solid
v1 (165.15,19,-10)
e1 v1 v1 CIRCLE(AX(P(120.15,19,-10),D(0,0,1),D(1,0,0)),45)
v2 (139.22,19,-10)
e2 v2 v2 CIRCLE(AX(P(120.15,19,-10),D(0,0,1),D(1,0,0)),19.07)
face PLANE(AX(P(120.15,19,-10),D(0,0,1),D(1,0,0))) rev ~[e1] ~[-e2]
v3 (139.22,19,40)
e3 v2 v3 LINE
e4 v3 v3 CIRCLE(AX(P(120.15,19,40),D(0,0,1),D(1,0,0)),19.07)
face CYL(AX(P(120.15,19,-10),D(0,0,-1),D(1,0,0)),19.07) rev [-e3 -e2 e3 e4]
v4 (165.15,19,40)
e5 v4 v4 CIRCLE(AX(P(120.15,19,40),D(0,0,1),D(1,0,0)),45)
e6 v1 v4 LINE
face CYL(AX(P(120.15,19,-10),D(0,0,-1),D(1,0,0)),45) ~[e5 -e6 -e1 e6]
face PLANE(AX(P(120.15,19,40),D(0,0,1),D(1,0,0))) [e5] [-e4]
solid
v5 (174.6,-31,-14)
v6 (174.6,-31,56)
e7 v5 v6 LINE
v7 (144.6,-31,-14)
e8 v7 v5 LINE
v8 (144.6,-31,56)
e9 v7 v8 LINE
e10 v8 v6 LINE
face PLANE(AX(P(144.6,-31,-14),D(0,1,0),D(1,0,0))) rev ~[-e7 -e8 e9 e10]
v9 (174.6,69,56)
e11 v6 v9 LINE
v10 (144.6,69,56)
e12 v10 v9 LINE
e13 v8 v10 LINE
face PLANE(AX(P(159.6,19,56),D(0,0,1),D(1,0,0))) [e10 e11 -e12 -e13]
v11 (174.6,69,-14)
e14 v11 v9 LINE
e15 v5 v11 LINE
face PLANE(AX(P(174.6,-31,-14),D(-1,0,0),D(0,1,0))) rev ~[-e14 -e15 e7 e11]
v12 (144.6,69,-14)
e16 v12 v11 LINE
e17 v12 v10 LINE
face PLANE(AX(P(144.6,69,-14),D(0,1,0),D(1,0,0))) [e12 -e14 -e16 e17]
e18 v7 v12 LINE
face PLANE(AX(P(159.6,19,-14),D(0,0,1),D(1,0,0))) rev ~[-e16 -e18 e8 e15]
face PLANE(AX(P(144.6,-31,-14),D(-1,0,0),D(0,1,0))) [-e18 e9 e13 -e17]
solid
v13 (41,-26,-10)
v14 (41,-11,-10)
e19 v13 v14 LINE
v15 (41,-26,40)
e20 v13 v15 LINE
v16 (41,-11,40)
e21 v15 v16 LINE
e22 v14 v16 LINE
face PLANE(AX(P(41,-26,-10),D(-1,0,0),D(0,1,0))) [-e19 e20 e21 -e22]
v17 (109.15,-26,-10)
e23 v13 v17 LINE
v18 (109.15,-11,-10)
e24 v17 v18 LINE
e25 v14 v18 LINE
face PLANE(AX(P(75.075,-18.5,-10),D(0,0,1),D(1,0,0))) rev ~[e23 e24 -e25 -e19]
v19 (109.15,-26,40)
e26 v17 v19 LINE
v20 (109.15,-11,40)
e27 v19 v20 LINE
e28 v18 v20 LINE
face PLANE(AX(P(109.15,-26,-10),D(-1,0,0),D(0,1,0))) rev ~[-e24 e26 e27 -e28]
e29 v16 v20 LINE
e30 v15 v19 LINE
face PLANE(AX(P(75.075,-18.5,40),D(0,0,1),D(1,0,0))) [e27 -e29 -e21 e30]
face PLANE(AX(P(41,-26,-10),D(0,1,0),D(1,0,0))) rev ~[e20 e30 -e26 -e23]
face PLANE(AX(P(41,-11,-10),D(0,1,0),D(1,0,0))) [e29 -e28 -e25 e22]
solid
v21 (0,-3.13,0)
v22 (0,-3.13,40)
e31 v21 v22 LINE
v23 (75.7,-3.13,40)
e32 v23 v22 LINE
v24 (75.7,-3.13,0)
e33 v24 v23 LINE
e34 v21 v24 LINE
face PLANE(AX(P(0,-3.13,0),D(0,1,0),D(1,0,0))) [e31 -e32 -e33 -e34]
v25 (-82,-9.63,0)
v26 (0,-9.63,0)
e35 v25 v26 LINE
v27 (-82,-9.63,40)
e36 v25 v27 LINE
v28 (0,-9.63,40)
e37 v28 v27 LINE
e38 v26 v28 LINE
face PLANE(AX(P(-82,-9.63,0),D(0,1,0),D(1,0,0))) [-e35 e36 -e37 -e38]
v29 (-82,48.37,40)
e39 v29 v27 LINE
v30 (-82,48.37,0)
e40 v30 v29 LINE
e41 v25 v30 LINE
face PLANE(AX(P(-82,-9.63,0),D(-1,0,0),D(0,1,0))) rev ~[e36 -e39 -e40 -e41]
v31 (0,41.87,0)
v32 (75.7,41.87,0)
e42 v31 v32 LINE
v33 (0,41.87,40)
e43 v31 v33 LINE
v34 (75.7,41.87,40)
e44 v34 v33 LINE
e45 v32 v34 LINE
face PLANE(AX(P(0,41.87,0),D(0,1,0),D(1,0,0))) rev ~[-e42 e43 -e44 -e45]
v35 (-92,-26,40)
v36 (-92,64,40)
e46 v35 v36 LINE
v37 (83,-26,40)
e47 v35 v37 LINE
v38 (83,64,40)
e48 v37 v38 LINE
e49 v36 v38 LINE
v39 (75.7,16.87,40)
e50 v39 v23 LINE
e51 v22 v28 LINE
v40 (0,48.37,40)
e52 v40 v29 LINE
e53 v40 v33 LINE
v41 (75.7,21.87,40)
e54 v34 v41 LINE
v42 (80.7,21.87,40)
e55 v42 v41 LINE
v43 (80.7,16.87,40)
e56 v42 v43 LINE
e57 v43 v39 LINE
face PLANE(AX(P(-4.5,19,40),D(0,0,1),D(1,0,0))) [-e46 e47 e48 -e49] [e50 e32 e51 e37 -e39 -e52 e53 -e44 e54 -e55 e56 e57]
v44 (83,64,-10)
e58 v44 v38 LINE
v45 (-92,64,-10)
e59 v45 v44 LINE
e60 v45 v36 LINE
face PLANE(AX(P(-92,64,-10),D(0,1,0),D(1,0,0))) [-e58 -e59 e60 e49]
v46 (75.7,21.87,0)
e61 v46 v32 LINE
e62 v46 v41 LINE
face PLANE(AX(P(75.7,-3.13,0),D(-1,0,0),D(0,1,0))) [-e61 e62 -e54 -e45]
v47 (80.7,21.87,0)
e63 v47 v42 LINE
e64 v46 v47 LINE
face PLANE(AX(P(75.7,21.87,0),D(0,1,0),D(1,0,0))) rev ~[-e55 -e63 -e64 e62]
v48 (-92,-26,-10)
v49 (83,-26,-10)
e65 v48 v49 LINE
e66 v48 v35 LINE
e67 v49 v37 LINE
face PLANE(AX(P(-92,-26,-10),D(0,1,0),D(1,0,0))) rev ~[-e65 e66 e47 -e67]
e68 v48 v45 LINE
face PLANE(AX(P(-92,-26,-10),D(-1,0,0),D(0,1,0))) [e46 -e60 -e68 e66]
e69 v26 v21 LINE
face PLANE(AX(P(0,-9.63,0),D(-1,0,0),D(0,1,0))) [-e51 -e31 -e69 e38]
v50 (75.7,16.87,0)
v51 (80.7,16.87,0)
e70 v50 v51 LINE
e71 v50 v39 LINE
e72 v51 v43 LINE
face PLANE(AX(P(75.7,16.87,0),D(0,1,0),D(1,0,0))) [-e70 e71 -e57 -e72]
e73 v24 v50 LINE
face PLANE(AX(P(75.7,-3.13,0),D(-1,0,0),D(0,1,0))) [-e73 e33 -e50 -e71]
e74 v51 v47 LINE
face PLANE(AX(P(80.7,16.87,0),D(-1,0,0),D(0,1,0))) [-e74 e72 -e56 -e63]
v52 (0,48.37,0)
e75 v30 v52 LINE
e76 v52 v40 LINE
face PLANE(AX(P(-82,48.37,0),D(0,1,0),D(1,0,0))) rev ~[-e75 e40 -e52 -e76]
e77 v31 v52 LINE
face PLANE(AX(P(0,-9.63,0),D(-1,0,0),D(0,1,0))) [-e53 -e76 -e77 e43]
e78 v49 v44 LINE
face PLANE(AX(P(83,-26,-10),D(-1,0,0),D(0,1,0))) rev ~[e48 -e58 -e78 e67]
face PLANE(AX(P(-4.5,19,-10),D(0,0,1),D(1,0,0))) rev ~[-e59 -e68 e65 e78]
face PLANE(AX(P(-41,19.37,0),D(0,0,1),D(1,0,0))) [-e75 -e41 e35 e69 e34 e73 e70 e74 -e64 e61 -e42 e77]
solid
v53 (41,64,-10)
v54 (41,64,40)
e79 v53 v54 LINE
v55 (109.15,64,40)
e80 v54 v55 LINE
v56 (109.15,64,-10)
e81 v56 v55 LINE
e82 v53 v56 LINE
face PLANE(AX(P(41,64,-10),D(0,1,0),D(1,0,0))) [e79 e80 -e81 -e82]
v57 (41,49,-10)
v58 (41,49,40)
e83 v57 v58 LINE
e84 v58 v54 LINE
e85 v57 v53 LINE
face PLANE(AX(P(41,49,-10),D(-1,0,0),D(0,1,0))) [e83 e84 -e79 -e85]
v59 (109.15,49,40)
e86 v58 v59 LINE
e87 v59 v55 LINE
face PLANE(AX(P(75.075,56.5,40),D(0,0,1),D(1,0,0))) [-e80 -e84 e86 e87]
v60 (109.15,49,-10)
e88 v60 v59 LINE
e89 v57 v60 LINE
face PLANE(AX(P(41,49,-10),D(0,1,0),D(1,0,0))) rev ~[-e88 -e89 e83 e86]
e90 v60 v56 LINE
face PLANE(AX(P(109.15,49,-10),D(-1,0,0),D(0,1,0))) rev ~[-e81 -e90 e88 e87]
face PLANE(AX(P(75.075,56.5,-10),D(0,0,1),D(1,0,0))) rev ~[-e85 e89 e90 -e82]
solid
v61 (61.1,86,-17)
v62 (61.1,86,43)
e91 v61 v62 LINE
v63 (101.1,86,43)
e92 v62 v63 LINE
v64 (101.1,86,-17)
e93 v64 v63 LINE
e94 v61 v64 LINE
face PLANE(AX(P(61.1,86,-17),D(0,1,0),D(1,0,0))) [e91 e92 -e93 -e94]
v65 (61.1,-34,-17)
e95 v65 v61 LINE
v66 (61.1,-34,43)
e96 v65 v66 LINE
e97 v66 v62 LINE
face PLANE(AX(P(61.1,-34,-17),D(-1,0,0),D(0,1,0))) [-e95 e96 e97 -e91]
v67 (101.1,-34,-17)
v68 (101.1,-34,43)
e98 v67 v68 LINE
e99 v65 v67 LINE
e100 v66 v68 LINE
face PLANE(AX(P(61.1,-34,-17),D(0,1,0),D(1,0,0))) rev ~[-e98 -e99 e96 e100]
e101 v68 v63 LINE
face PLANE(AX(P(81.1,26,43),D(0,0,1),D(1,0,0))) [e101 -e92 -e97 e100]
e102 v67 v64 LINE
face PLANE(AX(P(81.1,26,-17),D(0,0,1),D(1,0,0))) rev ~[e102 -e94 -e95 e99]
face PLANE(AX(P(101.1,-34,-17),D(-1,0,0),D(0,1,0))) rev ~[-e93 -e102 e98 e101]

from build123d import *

# Parameters (mm, degrees)
BOX004_W         = 68.15
BOX004_H         = 15
BOX004_DEPTH     = 50
BOX005_W         = 68.15
BOX005_H         = 15
BOX005_DEPTH     = 50
BOX006_W         = 40
BOX006_H         = 120
BOX006_DEPTH     = 60
BOX008_W         = 30
BOX008_H         = 100
BOX008_DEPTH     = 70
BOX001_W         = 82
BOX001_H         = 58
BOX001_DEPTH     = 44.4
BOX007_W         = 5
BOX007_H         = 5
BOX007_DEPTH     = 44.4
SKETCH001_R      = 5
EXTRUDE001_DEPTH = 4
EXTRUDE002_DEPTH = 15
SKETCH_R         = 12.3
EXTRUDE_DEPTH    = 5
BOX_W            = 75.7
BOX_H            = 45
BOX_DEPTH        = 44.4
BOX002_W         = 175
BOX002_H         = 90
BOX002_DEPTH     = 50
TUBE_R           = 45
TUBE_R_2         = 19.07
TUBE_DEPTH       = 50


with BuildPart() as cube004:
    # Box004 → Box004 (new body)
    with BuildSketch(Plane(origin=(41, -26, -10), x_dir=(1, 0, 0), z_dir=(0, 0, 1))):
        with Locations((34.075, 7.5)):
            Rectangle(BOX004_W, BOX004_H)
    extrude(amount=BOX004_DEPTH)


with BuildPart() as cube005:
    # Box005 → Box005 (new body)
    with BuildSketch(Plane(origin=(41, 49, -10), x_dir=(1, 0, 0), z_dir=(0, 0, 1))):
        with Locations((34.075, 7.5)):
            Rectangle(BOX005_W, BOX005_H)
    extrude(amount=BOX005_DEPTH)


with BuildPart() as roundoff:
    # Box006 → Box006 (new body)
    with BuildSketch(Plane(origin=(61.1, -34, -17), x_dir=(1, 0, 0), z_dir=(0, 0, 1))):
        with Locations((20, 60)):
            Rectangle(BOX006_W, BOX006_H)
    extrude(amount=BOX006_DEPTH)


with BuildPart() as steeringshaftcutter:
    # Box008 → Box008 (new body)
    with BuildSketch(Plane(origin=(144.6, -31, -14), x_dir=(1, 0, 0), z_dir=(0, 0, 1))):
        with Locations((15, 50)):
            Rectangle(BOX008_W, BOX008_H)
    extrude(amount=BOX008_DEPTH)


with BuildPart() as motorhead:
    # Box001 → Box001 (new body)
    with BuildSketch(Plane(origin=(-82, -9.63, 0), x_dir=(1, 0, 0), z_dir=(0, 0, 1))):
        with Locations((41, 29)):
            Rectangle(BOX001_W, BOX001_H)
    extrude(amount=BOX001_DEPTH)


with BuildPart() as nubchannel:
    # Box007 → Box007 (new body)
    with BuildSketch(Plane(origin=(75.7, 16.87, 0), x_dir=(1, 0, 0), z_dir=(0, 0, 1))):
        with Locations((2.5, 2.5)):
            Rectangle(BOX007_W, BOX007_H)
    extrude(amount=BOX007_DEPTH)


with BuildPart() as motorshaftfull:
    # Sketch001 (on Face3 of Extrude) → Extrude001 (new body)
    with BuildSketch(Plane.XY.offset(49.4)):
        with Locations((-58.7, 20.37)):
            Circle(SKETCH001_R)
    extrude(amount=EXTRUDE001_DEPTH)


with BuildPart() as motorshaftd:
    # Sketch002 (on Face3 of Extrude001) → Extrude002 (new body)
    with BuildSketch(Plane.XY.offset(53.4)):
        with BuildLine():
            Line((-62.7, 23.37), (-62.7, 17.37))
            ThreePointArc((-62.7, 17.37), (-53.7, 20.37), (-62.7, 23.37))
        make_face()
    extrude(amount=EXTRUDE002_DEPTH)


with BuildPart() as motorshaftassembly:
    # Sketch (on Face6 of Box001) → Extrude (new body)
    with BuildSketch(Plane(origin=(-82, -9.63, 44.4), x_dir=(1, 0, 0), z_dir=(0, 0, 1))):
        with Locations((23.3, 30)):
            Circle(SKETCH_R)
    extrude(amount=EXTRUDE_DEPTH)

    # Fusion: union MotorShaftFull, MotorShaftD
    add(motorshaftfull.part)
    add(motorshaftd.part)


with BuildPart() as motor:
    # Box → Box (new body)
    with BuildSketch(Plane(origin=(0, -3.13, 0), x_dir=(1, 0, 0), z_dir=(0, 0, 1))):
        with Locations((37.85, 22.5)):
            Rectangle(BOX_W, BOX_H)
    extrude(amount=BOX_DEPTH)

    # Fusion005: union MotorHead, NubChannel, MotorShaftAssembly
    add(motorhead.part)
    add(nubchannel.part)
    add(motorshaftassembly.part)


with BuildPart() as motorcast:
    # Box002 → Box002 (new body)
    with BuildSketch(Plane(origin=(-92, -26, -10), x_dir=(1, 0, 0), z_dir=(0, 0, 1))):
        with Locations((87.5, 45)):
            Rectangle(BOX002_W, BOX002_H)
    extrude(amount=BOX002_DEPTH)

    # Cut: cut Motor
    add(motor.part, mode=Mode.SUBTRACT)


with BuildPart() as steeringshaftmount:
    # Tube → Tube (new body)
    with BuildSketch(Plane(origin=(120.15, 19, -10), x_dir=(1, 0, 0), z_dir=(0, 0, 1))):
        Circle(TUBE_R)
        Circle(TUBE_R_2, mode=Mode.SUBTRACT)
    extrude(amount=TUBE_DEPTH)


solid = Compound([cube004.part, cube005.part, roundoff.part, steeringshaftcutter.part, motorcast.part, steeringshaftmount.part])
